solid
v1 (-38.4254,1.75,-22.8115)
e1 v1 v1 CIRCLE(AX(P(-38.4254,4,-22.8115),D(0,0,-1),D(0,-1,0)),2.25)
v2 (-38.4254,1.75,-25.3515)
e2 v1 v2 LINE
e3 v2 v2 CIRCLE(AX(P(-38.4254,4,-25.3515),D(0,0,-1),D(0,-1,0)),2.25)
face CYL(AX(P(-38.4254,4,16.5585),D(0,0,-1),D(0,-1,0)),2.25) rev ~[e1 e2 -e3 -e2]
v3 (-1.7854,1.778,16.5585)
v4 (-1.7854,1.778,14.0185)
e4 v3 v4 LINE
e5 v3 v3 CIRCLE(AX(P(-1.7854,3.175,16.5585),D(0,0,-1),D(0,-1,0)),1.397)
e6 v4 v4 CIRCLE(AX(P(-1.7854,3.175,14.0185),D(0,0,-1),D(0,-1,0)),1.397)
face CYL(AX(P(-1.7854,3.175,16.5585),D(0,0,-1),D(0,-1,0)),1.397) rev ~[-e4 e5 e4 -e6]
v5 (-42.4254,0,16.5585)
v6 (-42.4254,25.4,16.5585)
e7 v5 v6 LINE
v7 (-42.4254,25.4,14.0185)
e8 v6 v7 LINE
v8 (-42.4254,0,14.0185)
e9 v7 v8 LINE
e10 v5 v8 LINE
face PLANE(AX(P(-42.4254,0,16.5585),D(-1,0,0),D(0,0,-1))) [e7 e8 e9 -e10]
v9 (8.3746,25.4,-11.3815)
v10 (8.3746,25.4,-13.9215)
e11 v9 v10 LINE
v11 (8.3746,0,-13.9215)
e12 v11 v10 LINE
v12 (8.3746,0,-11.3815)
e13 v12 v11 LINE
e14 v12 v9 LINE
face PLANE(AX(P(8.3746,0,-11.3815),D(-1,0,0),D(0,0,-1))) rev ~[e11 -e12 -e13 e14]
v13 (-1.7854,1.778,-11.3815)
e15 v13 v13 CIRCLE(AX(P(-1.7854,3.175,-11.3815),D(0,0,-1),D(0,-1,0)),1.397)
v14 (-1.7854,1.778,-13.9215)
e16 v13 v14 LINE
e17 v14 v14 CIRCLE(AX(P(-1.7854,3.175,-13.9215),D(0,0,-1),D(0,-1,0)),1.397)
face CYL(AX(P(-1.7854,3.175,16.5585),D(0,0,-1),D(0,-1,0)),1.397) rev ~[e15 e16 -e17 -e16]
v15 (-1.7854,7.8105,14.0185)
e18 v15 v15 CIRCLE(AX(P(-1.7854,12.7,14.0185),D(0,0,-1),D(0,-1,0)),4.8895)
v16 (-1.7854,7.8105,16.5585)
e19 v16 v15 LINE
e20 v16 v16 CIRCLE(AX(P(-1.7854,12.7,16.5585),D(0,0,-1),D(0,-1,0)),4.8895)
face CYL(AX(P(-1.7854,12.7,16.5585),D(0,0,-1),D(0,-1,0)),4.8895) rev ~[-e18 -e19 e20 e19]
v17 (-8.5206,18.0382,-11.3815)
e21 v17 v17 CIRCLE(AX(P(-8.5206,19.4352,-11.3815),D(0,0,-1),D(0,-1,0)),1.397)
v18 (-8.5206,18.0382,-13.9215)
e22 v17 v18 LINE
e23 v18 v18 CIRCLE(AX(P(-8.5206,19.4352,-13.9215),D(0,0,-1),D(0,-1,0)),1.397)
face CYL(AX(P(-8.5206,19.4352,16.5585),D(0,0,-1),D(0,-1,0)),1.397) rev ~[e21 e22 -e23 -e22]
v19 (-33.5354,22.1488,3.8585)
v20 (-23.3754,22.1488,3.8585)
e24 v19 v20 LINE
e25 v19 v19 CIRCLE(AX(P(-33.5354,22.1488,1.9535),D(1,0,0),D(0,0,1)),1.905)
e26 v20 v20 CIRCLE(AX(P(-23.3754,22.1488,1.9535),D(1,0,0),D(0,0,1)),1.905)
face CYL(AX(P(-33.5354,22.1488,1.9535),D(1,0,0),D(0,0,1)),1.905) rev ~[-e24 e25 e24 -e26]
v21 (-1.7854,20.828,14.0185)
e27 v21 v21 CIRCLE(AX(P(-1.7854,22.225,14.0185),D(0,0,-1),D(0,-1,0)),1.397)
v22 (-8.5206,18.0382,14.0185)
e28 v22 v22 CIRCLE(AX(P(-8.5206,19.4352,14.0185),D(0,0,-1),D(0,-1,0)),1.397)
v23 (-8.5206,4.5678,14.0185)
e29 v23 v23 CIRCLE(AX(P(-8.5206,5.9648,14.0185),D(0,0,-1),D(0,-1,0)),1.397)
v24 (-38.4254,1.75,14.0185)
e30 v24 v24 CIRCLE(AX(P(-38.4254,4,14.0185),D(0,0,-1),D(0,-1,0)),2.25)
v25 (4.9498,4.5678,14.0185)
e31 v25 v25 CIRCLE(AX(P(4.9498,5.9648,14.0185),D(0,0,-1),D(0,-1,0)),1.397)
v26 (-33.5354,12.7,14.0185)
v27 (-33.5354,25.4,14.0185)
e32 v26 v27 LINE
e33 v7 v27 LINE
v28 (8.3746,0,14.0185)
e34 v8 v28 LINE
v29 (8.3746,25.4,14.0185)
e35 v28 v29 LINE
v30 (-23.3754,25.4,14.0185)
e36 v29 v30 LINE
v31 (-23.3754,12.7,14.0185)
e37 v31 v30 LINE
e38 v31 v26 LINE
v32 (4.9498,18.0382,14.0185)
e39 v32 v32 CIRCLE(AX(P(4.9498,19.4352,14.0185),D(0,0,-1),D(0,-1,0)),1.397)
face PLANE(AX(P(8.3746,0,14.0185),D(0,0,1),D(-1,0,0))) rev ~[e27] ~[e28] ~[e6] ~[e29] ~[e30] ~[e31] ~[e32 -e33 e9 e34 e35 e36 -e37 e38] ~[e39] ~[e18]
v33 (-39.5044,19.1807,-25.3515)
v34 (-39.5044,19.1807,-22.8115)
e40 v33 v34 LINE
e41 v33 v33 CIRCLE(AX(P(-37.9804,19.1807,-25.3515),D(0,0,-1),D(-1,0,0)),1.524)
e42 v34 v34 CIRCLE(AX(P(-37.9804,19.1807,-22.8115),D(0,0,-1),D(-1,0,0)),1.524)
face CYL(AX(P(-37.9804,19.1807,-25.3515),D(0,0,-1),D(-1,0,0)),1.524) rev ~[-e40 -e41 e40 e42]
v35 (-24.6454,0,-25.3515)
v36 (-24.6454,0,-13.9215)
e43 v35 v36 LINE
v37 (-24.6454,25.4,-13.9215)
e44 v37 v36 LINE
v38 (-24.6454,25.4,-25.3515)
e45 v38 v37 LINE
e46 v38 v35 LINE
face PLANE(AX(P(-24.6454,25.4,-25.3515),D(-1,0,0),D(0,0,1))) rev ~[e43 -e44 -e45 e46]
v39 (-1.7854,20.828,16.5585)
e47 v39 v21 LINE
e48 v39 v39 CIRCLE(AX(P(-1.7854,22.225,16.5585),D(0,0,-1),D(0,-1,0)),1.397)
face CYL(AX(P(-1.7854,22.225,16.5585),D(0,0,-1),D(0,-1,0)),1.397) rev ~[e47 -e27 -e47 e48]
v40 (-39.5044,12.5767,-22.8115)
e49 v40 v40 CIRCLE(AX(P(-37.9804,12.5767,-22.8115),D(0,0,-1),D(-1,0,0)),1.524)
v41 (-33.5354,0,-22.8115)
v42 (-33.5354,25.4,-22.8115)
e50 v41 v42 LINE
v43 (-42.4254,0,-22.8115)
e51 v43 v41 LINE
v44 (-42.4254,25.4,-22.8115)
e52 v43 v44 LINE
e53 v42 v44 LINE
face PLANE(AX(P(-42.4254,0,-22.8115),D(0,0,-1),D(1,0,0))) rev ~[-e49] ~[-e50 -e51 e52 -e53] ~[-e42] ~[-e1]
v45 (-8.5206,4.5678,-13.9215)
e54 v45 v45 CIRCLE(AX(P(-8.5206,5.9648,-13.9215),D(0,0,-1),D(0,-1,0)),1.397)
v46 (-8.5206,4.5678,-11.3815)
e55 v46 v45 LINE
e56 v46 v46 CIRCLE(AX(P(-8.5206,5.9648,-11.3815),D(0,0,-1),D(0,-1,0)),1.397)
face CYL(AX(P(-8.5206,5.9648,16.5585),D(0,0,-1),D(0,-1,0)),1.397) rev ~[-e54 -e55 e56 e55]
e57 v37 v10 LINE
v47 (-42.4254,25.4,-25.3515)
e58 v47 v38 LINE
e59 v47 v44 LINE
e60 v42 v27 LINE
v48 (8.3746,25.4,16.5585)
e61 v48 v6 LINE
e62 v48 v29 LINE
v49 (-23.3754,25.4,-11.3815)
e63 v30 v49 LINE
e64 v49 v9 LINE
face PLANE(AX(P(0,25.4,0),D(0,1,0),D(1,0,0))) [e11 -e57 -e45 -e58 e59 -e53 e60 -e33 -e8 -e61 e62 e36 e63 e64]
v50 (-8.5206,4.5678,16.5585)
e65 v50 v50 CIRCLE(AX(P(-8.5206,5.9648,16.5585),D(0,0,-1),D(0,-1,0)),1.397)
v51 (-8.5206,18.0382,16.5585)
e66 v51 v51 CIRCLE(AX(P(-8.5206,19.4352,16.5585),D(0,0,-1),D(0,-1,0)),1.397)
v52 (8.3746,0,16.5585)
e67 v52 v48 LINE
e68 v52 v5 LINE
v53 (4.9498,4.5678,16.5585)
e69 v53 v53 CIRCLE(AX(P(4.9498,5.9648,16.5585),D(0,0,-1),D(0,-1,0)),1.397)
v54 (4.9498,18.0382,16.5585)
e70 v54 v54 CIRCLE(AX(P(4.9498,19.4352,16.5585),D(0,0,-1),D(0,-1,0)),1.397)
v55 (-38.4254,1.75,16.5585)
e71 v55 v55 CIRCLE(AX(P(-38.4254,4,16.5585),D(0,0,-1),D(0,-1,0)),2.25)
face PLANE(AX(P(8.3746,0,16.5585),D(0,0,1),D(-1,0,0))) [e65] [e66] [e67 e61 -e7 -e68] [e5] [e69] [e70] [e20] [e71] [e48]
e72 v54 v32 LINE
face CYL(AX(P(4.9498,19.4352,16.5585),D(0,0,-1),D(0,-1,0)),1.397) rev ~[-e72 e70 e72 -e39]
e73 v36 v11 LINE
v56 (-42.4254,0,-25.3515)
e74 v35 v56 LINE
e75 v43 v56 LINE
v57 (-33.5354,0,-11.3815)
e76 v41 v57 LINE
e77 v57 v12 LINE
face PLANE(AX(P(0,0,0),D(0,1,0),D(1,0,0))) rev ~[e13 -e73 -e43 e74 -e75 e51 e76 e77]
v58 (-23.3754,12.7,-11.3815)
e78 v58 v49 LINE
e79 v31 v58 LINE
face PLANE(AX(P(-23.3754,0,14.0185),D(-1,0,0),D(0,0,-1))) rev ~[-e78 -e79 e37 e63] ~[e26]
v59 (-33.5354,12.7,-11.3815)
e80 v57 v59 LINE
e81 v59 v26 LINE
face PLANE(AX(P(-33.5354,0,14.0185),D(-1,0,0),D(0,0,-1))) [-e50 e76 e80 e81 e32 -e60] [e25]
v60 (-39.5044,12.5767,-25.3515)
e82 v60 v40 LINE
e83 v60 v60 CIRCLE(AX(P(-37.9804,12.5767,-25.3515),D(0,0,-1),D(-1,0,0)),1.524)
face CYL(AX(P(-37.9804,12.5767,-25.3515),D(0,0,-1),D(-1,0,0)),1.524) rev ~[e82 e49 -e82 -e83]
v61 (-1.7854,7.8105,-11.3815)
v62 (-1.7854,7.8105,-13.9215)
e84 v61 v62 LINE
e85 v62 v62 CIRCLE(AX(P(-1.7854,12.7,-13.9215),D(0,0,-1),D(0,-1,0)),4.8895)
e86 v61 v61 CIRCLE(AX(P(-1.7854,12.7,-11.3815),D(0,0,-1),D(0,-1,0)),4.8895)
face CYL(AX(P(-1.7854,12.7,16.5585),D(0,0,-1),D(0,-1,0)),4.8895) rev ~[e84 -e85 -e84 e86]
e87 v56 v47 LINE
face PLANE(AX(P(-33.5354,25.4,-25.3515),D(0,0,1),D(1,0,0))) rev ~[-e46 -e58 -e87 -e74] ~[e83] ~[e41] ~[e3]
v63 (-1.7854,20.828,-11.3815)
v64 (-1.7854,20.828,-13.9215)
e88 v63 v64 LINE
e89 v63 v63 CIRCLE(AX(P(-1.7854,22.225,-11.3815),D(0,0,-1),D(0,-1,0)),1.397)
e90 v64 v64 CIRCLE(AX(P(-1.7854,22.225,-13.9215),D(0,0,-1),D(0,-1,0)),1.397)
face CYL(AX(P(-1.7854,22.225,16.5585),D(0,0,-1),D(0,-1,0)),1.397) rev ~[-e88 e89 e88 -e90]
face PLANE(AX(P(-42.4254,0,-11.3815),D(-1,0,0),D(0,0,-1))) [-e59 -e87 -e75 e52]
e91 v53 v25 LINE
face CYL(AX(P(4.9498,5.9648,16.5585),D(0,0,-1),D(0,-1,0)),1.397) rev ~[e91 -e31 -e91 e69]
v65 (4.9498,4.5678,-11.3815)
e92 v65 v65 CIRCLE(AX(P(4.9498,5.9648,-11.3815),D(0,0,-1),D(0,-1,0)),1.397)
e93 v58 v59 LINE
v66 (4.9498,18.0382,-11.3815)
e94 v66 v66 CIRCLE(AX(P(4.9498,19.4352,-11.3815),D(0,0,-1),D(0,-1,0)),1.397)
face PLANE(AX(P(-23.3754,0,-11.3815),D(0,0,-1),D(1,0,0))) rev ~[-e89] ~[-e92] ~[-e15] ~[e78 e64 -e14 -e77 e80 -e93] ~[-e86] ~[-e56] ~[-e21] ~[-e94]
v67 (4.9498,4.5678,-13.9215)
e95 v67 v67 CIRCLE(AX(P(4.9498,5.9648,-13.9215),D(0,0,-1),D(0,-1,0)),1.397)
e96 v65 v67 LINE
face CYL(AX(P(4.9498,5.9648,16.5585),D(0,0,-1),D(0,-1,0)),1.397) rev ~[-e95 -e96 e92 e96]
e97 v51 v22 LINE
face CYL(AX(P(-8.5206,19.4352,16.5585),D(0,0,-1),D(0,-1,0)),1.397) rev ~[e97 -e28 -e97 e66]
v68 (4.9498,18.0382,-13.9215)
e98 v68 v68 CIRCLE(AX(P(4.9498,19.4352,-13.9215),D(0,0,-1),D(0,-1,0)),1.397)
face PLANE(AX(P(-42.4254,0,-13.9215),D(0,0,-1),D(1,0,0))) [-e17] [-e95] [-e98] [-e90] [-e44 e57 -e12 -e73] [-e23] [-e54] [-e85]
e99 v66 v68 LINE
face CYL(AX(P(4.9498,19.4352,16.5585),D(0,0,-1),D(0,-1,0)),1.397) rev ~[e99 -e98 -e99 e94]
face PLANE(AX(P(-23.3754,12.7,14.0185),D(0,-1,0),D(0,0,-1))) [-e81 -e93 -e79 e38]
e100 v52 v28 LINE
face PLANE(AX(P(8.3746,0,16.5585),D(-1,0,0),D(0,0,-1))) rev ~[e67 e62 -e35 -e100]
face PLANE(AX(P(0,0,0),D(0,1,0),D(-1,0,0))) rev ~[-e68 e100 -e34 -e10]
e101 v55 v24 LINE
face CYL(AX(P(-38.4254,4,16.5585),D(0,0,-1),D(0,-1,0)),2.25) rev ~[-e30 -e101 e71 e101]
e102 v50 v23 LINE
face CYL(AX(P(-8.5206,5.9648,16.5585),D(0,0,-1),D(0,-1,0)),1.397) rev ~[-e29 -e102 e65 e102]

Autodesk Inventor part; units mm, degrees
ref_plane "YZ Plane" through (0, 0, 0) normal (1, 0, 0) x (0, 1, 0)
ref_plane "XZ Plane" through (0, 0, 0) normal (0, 1, 0) x (-1, 0, 0)
ref_plane "XY Plane" through (0, 0, 0) normal (0, 0, 1) x (1, 0, 0)
sketch "Sketch1" plane through (0, 0, 0) normal (0, 1, 0) x (-1, 0, 0)
  line L0 (-8.3746, 16.5585) -> (42.4254, 16.5585)
  line L1 (42.4254, 16.5585) -> (42.4254, 14.0185)
  line L2 (42.4254, 14.0185) -> (33.5354, 14.0185)
  line L3 (33.5354, 14.0185) -> (33.5354, -11.3815)
  line L4 (33.5354, -11.3815) -> (42.4254, -11.3815)
  line L5 (42.4254, -11.3815) -> (42.4254, -13.9215)
  line L6 (42.4254, -13.9215) -> (-8.3746, -13.9215)
  line L7 (-8.3746, 16.5585) -> (-8.3746, 14.0185)
  line L8 (-8.3746, 14.0185) -> (23.3754, 14.0185)
  line L9 (23.3754, 14.0185) -> (23.3754, -11.3815)
  line L10 (23.3754, -11.3815) -> (-8.3746, -11.3815)
  line L11 (-8.3746, -11.3815) -> (-8.3746, -13.9215)
  point P0 (0, 0)
  dimension "d0" = 30.48
  dimension "d1" = 2.54
  dimension "d2" = 2.54
  dimension "d4" = 2.54
  dimension "d5" = 2.54
  dimension "d6" = 8.89
  dimension "d7" = 50.8
  dimension "d8" = 31.75
extrude "Extrusion1" add sketch "Sketch1" along normal blind 25.4
sketch "Sketch4" plane through (8.3746, 0, -13.9215) normal (0, 0, -1) x (-1, 0, 0)
  line L0 (50.8, 0) -> (0, 0) projected
  line L1 (50.8, 0) -> (50.8, 25.4) projected
  line L2 (0, 25.4) -> (50.8, 25.4) projected
  line L3 (50.8, 25.4) -> (41.91, 25.4)
  line L4 (41.91, 25.4) -> (41.91, 0)
  line L5 (41.91, 0) -> (50.8, 0)
  line L6 (50.8, 0) -> (50.8, 25.4)
  point P0 (8.3746, 0)
  dimension "d56" = 8.89
extrude "Extrusion3" add sketch "Sketch4" along normal blind 11.43
sketch "Sketch5" plane through (-42.4254, 0, 16.5585) normal (0, 0, 1) x (1, 0, 0)
  line L0 (50.8, 0) -> (50.8, 25.4) projected
  line L1 (50.8, 0) -> (0, 0) projected
  point P0 (40.64, 12.7)
  dimension "d11" = 10.16
  dimension "d12" = 12.7
hole "Hole1" at (-1.7854, 12.7, 16.5585) direction (0, 0, -1) diameter 9.779 end through all
sketch "Sketch6" plane through (-42.4254, 0, 16.5585) normal (0, 0, 1) x (1, 0, 0)
  line L0 (0, 0) -> (0, 25.4) projected
  line L1 (50.8, 0) -> (0, 0) projected
  point P0 (4, 4)
  dimension "d20" = 4
  dimension "d21" = 4
hole "Hole2" at (-38.4254, 4, 16.5585) direction (0, 0, -1) diameter 4.5 end through all
sketch "Sketch2" plane through (-42.4254, 0, 16.5585) normal (0, 0, 1) x (1, 0, 0)
  circle A0 centre (40.64, 12.7) radius 4.8895 projected
  line L0 (40.64, 22.225) -> (40.64, 3.175) construction
  circle A1 centre (40.64, 12.7) radius 4.8895 construction
  line L1 (40.64, 12.7) -> (33.9048, 19.4352) construction
  line L2 (40.64, 12.7) -> (33.9048, 5.9648) construction
  line L3 (40.64, 12.7) -> (47.3752, 5.9648) construction
  line L4 (40.64, 12.7) -> (47.3752, 19.4352) construction
  point P0 (42.4254, 0)
  dimension "d29" = 9.525
  dimension "d30" = 0
  dimension "d33" = 360
  dimension "d60" = 45
  dimension "d63" = 360
hole "Hole3" at (-1.7854, 3.175, 16.5585) at (-1.7854, 22.225, 16.5585) at (-8.5206, 5.9648, 16.5585) at (-8.5206, 19.4352, 16.5585) at (4.9498, 19.4352, 16.5585) at (4.9498, 5.9648, 16.5585) direction (0, 0, -1) diameter 2.794 end through all
hole "Hole4" at (-33.5354, 22.1488, 1.9535) direction (1, 0, 0) diameter 3.81 end through all
sketch "Sketch7" plane through (8.3746, 0, -25.3515) normal (0, 0, -1) x (-1, 0, 0)
  circle A0 centre (46.355, 19.1807) radius 1.524
  circle A1 centre (46.355, 12.5767) radius 1.524
  line L0 (50.8, 0) -> (50.8, 25.4) construction
  line L1 (41.91, 25.4) -> (41.91, 0) construction
  line L2 (50.8, 25.4) -> (41.91, 25.4) construction
  point P0 (8.3746, 0)
  point P1 (50.8, 3.175)
  dimension "d65" = 3.048
  dimension "d66" = 3.048
  dimension "d67" = 6.604
  dimension "d68" = 8.89
  dimension "d69" = 4.445
  dimension "d70" = 4.445
  dimension "d71" = 6.2193
extrude "Extrusion4" cut sketch "Sketch7" against normal up to surface (13.97 mm away)
ref_plane "Work Plane2" through (-23.3754, 0, 10.8435) normal (1, 0, 0) x (0, 0, -1)
sketch "Sketch8" plane through (-23.3754, 0, 10.8435) normal (1, 0, 0) x (0, 0, -1)
  line L0 (24.765, 0) -> (22.225, 0) projected
  line L1 (-3.175, 0) -> (-5.715, 0) projected
  line L2 (22.225, 0) -> (-3.175, 0)
  line L3 (-3.175, 0) -> (-3.175, 12.7)
  line L4 (-3.175, 0) -> (-3.175, 25.4) projected
  line L5 (-3.175, 12.7) -> (22.225, 12.7)
  line L6 (22.225, 0) -> (-3.175, 0) projected
  line L7 (22.225, 12.7) -> (22.225, 0)
  point P0 (10.8435, 0)
extrude "Extrusion5" cut sketch "Sketch8" against normal through all
sketch "Sketch10" plane through (0, 25.4, 0) normal (0, 1, 0) x (1, 0, 0)
  line L0 (-42.4254, 25.3515) -> (-33.5354, 25.3515) projected
  line L1 (-33.5354, 25.3515) -> (-24.6454, 25.3515)
  line L2 (-24.6454, 25.3515) -> (-24.6454, 13.9215)
  line L3 (8.3746, 13.9215) -> (-33.5354, 13.9215) projected
  line L4 (-33.5354, 13.9215) -> (-33.5354, 25.3515) projected
  line L5 (-33.5354, 13.9215) -> (-24.6454, 13.9215)
  line L6 (-33.5354, 13.9215) -> (-33.5354, 25.3515)
  point P0 (0, 0)
  dimension "d76" = 8.89
extrude "Extrusion6" add sketch "Sketch10" against normal blind 25.4
sketch "Sketch11" plane through (0, 0, 0) normal (0, -1, 0) x (1, 0, 0)
  line L0 (-42.4254, -22.8115) -> (-33.5354, -22.8115)
  line L1 (-23.3754, -11.3815) -> (-33.5354, -11.3815) projected
  line L2 (-33.5354, -22.8115) -> (-33.5354, -11.3815)
  line L3 (-42.4254, -11.3815) -> (-33.5354, -11.3815) projected
  line L4 (-33.5354, -11.3815) -> (-42.4254, -11.3815)
  line L5 (-42.4254, -11.3815) -> (-42.4254, -22.8115)
  point P0 (0, 0)
  point P1 (-42.4254, -25.3515)
  dimension "d79" = 2.54
extrude "Extrusion7" cut sketch "Sketch11" against normal through all
equation "\"d2\" = d1"
equation "\"d4\" = d1"
equation "\"d5\" = d1"
equation "\"d69\" = 0.5 * d68"
equation "\"d70\" = 0.5 * d68"
properties part number "Odometry_Holder for metal drivetrain"
